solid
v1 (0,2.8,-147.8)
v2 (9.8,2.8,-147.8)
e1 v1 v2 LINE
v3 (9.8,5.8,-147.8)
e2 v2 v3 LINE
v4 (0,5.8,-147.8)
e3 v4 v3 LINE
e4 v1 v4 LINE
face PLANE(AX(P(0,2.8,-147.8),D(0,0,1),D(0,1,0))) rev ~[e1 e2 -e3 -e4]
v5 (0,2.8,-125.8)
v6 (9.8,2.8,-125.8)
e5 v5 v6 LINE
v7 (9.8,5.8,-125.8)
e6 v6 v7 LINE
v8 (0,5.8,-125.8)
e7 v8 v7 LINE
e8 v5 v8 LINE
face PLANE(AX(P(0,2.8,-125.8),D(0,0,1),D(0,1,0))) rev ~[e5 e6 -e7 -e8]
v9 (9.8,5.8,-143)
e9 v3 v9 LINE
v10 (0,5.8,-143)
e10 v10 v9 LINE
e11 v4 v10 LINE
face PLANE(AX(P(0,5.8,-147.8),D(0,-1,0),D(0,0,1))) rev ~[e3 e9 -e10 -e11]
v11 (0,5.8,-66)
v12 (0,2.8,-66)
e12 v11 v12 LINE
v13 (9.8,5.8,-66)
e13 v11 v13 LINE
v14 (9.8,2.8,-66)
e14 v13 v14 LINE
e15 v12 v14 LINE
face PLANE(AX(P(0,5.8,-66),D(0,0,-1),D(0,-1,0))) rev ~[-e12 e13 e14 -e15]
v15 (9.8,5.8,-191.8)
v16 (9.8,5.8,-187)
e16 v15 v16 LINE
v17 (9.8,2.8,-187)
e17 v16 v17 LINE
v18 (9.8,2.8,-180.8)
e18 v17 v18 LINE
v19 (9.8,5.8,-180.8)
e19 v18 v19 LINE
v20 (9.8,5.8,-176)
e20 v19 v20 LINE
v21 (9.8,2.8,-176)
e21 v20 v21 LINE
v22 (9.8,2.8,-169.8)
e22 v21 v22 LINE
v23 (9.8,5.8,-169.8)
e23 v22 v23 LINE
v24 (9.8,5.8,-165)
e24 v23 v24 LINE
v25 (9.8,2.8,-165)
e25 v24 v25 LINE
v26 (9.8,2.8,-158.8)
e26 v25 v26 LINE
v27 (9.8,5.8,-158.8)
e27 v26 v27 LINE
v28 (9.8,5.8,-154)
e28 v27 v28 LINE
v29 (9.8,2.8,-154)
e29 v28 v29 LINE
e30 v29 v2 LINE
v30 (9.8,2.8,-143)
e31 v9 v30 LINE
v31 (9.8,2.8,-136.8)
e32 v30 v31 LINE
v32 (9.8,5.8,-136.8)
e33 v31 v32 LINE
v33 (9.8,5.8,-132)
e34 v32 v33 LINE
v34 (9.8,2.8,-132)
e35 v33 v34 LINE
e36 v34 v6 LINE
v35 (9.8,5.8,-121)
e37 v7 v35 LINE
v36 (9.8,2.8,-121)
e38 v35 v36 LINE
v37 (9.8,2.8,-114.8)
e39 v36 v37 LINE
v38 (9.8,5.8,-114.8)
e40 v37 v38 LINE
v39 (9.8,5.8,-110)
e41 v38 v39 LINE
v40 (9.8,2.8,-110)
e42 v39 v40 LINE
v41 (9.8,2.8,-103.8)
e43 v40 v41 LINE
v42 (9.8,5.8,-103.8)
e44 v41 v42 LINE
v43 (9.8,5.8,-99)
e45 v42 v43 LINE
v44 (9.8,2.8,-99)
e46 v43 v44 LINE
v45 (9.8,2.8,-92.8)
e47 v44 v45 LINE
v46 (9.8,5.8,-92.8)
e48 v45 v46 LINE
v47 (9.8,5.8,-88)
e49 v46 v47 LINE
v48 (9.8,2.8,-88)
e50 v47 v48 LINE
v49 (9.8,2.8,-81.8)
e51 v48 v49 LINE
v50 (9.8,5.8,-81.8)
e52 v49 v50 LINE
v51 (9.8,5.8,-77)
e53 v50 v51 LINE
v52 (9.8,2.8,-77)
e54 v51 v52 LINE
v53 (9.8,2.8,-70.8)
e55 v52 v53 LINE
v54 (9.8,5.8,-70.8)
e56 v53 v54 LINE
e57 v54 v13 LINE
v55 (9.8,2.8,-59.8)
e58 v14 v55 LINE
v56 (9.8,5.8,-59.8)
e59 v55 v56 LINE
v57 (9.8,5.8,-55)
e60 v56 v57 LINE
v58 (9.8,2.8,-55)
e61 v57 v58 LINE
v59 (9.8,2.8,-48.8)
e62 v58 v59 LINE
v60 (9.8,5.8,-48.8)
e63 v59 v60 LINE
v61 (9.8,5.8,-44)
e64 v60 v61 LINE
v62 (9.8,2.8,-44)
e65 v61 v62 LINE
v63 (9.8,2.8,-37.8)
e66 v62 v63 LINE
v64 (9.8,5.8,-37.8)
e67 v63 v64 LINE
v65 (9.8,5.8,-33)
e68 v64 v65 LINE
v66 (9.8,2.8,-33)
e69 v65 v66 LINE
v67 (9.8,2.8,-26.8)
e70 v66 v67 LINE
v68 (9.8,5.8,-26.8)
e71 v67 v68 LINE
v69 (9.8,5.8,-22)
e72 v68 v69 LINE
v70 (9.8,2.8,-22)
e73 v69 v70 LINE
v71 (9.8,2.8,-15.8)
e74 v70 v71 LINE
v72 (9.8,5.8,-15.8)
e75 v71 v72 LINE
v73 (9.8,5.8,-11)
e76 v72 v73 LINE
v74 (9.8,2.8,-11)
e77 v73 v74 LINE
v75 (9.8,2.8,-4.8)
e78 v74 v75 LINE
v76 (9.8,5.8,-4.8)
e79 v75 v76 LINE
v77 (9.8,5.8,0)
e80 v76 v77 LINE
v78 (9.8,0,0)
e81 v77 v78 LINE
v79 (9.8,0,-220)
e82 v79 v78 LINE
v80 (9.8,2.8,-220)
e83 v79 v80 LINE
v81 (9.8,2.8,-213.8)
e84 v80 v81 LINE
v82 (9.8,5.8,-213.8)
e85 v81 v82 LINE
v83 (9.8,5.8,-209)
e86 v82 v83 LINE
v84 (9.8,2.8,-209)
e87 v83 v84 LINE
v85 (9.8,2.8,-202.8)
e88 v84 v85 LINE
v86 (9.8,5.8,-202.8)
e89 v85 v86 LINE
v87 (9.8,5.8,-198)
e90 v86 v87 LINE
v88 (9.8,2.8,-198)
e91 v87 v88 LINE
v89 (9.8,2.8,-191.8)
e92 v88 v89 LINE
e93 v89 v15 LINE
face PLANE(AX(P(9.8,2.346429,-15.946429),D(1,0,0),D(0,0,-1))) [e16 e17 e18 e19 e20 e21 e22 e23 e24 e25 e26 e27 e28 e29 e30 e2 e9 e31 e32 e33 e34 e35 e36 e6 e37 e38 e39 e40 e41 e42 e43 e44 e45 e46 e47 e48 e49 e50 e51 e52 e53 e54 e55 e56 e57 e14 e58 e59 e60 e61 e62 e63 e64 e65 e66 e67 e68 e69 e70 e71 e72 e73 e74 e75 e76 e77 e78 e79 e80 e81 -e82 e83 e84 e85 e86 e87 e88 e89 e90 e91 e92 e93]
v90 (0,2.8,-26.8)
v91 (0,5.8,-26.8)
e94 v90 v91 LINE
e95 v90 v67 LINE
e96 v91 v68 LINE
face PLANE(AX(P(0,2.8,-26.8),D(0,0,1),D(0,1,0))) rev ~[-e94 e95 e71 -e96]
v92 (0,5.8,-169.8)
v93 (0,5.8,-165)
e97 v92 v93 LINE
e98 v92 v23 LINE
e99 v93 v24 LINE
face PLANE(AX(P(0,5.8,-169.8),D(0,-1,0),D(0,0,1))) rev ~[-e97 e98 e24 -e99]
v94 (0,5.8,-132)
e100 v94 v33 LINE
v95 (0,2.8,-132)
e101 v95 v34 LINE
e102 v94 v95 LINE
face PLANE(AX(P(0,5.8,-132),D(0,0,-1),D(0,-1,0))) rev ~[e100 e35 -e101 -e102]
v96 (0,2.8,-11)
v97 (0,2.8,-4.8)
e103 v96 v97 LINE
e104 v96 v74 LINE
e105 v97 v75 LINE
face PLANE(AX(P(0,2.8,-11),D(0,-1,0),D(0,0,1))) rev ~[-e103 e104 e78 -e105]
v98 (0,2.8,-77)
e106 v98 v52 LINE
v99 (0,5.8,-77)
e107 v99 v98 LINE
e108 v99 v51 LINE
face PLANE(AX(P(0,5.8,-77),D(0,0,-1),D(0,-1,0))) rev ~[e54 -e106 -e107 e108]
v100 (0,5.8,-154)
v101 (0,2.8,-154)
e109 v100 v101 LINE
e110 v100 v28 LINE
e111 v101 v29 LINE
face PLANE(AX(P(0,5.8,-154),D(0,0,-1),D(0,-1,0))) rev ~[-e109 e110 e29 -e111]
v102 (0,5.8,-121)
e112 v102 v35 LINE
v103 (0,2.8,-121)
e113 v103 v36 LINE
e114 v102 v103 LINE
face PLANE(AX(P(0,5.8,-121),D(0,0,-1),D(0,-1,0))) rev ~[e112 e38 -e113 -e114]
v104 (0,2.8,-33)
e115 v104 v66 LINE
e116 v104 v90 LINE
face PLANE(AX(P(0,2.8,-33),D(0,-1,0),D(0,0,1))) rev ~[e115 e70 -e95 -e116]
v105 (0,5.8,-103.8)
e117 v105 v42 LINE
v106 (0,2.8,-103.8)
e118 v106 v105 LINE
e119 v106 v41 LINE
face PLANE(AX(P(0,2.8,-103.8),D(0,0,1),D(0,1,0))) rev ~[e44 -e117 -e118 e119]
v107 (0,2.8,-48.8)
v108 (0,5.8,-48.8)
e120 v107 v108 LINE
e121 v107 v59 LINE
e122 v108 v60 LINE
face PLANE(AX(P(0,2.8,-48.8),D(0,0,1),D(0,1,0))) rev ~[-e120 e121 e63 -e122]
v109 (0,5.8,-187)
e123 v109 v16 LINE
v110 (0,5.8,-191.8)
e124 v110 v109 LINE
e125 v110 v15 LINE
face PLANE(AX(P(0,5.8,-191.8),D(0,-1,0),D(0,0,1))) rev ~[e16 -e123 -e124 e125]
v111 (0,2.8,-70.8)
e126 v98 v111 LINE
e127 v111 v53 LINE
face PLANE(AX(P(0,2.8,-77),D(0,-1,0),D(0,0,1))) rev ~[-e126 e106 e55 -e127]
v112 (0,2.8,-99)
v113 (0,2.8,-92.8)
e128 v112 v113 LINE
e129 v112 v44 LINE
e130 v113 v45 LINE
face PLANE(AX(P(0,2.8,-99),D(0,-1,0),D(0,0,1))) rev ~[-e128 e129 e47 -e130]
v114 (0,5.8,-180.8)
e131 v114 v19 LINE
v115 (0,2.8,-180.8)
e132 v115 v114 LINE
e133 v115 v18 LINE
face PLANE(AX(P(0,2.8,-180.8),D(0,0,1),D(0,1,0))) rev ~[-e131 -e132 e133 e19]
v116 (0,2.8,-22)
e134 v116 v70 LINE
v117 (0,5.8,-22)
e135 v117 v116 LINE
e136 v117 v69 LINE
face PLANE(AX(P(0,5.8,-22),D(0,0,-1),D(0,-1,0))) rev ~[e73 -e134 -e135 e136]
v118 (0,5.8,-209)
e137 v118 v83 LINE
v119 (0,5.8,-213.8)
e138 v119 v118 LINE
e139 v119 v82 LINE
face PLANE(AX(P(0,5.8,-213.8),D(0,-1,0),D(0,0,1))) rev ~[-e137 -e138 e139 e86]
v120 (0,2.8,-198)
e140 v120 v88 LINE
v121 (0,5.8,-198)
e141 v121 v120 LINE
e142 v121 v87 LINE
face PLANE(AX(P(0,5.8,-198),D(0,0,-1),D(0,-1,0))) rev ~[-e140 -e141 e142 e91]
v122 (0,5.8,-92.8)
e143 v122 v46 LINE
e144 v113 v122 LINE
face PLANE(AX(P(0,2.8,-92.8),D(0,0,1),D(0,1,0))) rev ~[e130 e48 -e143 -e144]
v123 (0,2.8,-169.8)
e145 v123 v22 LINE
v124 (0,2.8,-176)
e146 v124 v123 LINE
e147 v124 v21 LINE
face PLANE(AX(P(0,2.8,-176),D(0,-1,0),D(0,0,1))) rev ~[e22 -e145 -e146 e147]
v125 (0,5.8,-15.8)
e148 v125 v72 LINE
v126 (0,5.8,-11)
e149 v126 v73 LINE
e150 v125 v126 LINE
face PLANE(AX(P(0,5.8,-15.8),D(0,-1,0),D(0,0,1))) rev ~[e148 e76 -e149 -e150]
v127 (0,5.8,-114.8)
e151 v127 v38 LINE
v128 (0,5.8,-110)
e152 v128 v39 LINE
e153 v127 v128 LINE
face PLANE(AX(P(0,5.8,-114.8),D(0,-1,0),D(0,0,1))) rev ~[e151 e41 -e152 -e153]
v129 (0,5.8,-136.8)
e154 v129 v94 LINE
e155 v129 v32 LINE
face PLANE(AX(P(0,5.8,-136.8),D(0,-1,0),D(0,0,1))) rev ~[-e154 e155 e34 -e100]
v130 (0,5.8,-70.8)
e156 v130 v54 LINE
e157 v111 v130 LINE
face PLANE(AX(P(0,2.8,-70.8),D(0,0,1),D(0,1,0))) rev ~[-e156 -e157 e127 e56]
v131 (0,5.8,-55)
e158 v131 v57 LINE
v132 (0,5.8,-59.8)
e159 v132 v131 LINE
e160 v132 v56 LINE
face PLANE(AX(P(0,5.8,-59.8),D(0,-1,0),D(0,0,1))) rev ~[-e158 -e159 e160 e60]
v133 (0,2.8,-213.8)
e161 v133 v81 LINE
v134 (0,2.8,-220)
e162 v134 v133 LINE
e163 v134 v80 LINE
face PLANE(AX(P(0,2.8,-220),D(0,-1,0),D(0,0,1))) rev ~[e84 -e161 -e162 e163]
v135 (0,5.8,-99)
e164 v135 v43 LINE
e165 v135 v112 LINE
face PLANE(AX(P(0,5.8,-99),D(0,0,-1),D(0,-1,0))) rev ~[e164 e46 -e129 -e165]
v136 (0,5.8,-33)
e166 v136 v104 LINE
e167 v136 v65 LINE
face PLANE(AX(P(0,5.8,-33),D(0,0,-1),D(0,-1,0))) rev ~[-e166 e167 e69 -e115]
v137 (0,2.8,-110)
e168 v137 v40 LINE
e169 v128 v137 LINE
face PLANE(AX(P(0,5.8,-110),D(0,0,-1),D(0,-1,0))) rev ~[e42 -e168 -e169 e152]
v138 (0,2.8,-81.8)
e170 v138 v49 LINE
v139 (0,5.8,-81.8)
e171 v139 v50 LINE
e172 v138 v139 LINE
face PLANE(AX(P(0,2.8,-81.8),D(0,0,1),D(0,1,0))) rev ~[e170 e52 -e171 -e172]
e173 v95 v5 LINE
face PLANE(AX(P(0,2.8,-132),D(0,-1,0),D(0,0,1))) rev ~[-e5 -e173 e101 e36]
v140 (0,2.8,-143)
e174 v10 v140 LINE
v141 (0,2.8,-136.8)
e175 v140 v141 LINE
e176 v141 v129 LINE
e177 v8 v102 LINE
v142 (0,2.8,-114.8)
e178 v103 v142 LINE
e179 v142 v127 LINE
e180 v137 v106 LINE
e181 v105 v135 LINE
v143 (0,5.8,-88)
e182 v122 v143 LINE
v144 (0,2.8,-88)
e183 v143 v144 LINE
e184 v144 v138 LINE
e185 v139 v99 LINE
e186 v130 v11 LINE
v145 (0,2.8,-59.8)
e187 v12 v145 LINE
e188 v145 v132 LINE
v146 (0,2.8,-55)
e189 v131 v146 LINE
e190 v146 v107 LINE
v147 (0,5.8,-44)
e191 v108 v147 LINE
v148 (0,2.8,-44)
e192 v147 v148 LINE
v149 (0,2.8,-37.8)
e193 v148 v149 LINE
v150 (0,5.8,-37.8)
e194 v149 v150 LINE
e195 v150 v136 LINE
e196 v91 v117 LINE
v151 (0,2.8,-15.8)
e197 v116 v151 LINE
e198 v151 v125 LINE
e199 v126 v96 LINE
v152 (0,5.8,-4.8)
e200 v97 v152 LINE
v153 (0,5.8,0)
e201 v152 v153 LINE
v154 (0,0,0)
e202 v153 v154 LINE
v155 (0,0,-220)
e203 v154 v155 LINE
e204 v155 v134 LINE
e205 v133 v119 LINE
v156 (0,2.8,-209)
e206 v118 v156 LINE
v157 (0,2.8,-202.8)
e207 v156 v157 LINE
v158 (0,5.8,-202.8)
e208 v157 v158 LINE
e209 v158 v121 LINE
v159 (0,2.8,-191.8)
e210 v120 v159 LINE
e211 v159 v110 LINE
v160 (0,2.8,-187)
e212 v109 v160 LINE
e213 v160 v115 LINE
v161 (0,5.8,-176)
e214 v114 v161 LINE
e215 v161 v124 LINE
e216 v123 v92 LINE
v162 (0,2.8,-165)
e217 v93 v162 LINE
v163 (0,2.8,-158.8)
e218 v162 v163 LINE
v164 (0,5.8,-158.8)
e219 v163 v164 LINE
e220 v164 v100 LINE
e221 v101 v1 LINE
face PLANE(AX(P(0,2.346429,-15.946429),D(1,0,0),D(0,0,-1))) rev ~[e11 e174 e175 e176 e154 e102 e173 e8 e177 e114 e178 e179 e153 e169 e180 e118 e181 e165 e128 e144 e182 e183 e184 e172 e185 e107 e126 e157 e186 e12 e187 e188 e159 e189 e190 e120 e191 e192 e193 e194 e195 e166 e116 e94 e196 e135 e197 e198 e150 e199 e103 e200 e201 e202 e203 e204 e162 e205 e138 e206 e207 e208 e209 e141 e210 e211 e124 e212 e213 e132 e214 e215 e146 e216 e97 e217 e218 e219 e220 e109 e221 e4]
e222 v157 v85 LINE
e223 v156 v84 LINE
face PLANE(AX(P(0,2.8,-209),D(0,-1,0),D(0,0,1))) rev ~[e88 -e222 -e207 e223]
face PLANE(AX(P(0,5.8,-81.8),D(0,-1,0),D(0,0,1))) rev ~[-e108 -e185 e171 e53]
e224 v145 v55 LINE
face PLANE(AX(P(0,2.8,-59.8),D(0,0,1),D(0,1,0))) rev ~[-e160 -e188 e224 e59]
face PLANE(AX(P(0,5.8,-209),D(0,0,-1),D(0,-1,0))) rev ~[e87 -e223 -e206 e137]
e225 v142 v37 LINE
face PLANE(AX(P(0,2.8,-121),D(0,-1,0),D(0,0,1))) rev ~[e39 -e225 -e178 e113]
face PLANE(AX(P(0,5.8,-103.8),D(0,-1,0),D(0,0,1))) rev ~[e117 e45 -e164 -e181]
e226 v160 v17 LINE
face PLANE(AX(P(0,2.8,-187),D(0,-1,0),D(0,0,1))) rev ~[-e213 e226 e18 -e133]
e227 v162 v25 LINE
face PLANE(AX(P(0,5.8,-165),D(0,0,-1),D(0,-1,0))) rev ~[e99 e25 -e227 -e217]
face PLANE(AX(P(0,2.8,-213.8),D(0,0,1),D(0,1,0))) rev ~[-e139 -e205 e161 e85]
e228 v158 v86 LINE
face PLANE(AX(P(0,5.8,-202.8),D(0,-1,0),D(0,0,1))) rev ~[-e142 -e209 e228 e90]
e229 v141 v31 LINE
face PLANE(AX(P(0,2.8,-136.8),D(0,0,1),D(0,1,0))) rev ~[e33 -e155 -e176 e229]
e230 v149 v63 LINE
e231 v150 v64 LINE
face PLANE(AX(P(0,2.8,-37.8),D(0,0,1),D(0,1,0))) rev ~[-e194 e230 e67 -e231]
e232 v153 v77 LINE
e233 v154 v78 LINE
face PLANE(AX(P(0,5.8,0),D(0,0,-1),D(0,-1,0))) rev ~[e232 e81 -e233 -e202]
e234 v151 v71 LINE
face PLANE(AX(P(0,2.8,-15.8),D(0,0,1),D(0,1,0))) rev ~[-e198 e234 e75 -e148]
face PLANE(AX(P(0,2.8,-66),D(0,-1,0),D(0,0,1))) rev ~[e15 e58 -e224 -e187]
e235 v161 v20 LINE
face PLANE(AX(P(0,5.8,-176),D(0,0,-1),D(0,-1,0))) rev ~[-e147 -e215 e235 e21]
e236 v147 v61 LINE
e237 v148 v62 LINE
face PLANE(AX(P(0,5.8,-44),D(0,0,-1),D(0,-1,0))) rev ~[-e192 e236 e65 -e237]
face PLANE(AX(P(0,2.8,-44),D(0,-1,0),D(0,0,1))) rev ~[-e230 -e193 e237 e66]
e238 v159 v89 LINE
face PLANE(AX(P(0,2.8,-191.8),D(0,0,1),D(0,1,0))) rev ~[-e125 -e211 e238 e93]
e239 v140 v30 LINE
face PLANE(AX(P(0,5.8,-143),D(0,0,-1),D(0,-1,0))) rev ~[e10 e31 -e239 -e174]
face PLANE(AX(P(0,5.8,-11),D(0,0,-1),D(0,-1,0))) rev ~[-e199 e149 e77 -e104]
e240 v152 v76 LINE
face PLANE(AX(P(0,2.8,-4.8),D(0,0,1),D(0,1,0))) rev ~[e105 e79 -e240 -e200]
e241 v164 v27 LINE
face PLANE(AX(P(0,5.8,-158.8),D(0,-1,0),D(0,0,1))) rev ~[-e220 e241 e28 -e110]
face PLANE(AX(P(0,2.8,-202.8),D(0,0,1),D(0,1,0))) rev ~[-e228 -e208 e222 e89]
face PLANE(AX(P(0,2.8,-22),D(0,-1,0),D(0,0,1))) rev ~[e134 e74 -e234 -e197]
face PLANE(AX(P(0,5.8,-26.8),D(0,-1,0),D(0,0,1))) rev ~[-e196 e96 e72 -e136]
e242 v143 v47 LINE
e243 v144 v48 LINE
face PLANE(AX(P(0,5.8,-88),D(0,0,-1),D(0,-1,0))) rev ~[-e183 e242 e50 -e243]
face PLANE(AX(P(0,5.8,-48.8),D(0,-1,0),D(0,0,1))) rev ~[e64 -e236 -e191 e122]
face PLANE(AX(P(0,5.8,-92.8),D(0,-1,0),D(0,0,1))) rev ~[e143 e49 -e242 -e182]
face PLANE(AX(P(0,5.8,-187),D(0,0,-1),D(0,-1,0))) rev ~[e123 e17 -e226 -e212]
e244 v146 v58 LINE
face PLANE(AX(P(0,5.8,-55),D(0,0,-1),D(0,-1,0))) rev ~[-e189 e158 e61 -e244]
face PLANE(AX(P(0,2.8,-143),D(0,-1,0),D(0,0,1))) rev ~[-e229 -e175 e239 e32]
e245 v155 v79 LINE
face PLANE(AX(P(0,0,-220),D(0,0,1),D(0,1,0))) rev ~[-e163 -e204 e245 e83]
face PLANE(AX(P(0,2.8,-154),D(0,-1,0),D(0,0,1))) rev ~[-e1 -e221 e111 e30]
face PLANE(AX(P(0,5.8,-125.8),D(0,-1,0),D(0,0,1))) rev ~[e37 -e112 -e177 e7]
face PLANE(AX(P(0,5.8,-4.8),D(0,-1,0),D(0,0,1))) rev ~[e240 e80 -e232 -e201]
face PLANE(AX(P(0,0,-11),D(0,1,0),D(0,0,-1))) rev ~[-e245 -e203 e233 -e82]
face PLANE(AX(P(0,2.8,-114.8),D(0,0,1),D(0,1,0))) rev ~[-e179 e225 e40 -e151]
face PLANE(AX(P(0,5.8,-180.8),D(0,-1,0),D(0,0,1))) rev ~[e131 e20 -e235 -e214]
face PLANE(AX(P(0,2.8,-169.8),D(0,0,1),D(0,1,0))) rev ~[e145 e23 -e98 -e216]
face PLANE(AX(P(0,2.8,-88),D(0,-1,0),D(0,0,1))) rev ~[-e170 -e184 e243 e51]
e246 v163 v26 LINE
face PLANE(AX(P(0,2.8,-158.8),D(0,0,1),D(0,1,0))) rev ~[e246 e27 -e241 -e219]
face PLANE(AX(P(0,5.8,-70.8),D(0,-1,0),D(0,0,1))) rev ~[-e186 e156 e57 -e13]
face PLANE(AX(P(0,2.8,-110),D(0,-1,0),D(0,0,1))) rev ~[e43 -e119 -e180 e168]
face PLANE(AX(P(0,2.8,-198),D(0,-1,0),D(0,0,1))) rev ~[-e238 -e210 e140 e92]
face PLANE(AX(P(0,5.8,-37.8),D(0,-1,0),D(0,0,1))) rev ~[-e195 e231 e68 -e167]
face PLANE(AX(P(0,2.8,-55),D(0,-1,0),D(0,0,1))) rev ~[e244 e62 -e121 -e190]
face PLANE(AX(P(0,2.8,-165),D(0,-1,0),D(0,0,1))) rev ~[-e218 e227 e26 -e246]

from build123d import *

# Parameters (mm, degrees)
BOSS_EXTRUDE1_DEPTH = 9.8
LPATTERN1_COUNT     = 20
LPATTERN1_PITCH     = 11


with BuildPart() as part:
    # Sketch1 → Boss-Extrude1 (new body)
    with BuildSketch(Plane(origin=(0, 0, 0), x_dir=(0, 0, -1), z_dir=(1, 0, 0))):
        Polygon((0, 0), (4.8, 0), (11, 0), (11, 2.8), (4.8, 2.8), (4.8, 5.8), (0, 5.8), align=None)
    boss_extrude1 = extrude(amount=BOSS_EXTRUDE1_DEPTH)

    # LPattern1: Boss-Extrude1 ×20
    with Locations(*[(0, 0, -i * LPATTERN1_PITCH) for i in range(1, LPATTERN1_COUNT)]):
        add(boss_extrude1)


solid = part.part
